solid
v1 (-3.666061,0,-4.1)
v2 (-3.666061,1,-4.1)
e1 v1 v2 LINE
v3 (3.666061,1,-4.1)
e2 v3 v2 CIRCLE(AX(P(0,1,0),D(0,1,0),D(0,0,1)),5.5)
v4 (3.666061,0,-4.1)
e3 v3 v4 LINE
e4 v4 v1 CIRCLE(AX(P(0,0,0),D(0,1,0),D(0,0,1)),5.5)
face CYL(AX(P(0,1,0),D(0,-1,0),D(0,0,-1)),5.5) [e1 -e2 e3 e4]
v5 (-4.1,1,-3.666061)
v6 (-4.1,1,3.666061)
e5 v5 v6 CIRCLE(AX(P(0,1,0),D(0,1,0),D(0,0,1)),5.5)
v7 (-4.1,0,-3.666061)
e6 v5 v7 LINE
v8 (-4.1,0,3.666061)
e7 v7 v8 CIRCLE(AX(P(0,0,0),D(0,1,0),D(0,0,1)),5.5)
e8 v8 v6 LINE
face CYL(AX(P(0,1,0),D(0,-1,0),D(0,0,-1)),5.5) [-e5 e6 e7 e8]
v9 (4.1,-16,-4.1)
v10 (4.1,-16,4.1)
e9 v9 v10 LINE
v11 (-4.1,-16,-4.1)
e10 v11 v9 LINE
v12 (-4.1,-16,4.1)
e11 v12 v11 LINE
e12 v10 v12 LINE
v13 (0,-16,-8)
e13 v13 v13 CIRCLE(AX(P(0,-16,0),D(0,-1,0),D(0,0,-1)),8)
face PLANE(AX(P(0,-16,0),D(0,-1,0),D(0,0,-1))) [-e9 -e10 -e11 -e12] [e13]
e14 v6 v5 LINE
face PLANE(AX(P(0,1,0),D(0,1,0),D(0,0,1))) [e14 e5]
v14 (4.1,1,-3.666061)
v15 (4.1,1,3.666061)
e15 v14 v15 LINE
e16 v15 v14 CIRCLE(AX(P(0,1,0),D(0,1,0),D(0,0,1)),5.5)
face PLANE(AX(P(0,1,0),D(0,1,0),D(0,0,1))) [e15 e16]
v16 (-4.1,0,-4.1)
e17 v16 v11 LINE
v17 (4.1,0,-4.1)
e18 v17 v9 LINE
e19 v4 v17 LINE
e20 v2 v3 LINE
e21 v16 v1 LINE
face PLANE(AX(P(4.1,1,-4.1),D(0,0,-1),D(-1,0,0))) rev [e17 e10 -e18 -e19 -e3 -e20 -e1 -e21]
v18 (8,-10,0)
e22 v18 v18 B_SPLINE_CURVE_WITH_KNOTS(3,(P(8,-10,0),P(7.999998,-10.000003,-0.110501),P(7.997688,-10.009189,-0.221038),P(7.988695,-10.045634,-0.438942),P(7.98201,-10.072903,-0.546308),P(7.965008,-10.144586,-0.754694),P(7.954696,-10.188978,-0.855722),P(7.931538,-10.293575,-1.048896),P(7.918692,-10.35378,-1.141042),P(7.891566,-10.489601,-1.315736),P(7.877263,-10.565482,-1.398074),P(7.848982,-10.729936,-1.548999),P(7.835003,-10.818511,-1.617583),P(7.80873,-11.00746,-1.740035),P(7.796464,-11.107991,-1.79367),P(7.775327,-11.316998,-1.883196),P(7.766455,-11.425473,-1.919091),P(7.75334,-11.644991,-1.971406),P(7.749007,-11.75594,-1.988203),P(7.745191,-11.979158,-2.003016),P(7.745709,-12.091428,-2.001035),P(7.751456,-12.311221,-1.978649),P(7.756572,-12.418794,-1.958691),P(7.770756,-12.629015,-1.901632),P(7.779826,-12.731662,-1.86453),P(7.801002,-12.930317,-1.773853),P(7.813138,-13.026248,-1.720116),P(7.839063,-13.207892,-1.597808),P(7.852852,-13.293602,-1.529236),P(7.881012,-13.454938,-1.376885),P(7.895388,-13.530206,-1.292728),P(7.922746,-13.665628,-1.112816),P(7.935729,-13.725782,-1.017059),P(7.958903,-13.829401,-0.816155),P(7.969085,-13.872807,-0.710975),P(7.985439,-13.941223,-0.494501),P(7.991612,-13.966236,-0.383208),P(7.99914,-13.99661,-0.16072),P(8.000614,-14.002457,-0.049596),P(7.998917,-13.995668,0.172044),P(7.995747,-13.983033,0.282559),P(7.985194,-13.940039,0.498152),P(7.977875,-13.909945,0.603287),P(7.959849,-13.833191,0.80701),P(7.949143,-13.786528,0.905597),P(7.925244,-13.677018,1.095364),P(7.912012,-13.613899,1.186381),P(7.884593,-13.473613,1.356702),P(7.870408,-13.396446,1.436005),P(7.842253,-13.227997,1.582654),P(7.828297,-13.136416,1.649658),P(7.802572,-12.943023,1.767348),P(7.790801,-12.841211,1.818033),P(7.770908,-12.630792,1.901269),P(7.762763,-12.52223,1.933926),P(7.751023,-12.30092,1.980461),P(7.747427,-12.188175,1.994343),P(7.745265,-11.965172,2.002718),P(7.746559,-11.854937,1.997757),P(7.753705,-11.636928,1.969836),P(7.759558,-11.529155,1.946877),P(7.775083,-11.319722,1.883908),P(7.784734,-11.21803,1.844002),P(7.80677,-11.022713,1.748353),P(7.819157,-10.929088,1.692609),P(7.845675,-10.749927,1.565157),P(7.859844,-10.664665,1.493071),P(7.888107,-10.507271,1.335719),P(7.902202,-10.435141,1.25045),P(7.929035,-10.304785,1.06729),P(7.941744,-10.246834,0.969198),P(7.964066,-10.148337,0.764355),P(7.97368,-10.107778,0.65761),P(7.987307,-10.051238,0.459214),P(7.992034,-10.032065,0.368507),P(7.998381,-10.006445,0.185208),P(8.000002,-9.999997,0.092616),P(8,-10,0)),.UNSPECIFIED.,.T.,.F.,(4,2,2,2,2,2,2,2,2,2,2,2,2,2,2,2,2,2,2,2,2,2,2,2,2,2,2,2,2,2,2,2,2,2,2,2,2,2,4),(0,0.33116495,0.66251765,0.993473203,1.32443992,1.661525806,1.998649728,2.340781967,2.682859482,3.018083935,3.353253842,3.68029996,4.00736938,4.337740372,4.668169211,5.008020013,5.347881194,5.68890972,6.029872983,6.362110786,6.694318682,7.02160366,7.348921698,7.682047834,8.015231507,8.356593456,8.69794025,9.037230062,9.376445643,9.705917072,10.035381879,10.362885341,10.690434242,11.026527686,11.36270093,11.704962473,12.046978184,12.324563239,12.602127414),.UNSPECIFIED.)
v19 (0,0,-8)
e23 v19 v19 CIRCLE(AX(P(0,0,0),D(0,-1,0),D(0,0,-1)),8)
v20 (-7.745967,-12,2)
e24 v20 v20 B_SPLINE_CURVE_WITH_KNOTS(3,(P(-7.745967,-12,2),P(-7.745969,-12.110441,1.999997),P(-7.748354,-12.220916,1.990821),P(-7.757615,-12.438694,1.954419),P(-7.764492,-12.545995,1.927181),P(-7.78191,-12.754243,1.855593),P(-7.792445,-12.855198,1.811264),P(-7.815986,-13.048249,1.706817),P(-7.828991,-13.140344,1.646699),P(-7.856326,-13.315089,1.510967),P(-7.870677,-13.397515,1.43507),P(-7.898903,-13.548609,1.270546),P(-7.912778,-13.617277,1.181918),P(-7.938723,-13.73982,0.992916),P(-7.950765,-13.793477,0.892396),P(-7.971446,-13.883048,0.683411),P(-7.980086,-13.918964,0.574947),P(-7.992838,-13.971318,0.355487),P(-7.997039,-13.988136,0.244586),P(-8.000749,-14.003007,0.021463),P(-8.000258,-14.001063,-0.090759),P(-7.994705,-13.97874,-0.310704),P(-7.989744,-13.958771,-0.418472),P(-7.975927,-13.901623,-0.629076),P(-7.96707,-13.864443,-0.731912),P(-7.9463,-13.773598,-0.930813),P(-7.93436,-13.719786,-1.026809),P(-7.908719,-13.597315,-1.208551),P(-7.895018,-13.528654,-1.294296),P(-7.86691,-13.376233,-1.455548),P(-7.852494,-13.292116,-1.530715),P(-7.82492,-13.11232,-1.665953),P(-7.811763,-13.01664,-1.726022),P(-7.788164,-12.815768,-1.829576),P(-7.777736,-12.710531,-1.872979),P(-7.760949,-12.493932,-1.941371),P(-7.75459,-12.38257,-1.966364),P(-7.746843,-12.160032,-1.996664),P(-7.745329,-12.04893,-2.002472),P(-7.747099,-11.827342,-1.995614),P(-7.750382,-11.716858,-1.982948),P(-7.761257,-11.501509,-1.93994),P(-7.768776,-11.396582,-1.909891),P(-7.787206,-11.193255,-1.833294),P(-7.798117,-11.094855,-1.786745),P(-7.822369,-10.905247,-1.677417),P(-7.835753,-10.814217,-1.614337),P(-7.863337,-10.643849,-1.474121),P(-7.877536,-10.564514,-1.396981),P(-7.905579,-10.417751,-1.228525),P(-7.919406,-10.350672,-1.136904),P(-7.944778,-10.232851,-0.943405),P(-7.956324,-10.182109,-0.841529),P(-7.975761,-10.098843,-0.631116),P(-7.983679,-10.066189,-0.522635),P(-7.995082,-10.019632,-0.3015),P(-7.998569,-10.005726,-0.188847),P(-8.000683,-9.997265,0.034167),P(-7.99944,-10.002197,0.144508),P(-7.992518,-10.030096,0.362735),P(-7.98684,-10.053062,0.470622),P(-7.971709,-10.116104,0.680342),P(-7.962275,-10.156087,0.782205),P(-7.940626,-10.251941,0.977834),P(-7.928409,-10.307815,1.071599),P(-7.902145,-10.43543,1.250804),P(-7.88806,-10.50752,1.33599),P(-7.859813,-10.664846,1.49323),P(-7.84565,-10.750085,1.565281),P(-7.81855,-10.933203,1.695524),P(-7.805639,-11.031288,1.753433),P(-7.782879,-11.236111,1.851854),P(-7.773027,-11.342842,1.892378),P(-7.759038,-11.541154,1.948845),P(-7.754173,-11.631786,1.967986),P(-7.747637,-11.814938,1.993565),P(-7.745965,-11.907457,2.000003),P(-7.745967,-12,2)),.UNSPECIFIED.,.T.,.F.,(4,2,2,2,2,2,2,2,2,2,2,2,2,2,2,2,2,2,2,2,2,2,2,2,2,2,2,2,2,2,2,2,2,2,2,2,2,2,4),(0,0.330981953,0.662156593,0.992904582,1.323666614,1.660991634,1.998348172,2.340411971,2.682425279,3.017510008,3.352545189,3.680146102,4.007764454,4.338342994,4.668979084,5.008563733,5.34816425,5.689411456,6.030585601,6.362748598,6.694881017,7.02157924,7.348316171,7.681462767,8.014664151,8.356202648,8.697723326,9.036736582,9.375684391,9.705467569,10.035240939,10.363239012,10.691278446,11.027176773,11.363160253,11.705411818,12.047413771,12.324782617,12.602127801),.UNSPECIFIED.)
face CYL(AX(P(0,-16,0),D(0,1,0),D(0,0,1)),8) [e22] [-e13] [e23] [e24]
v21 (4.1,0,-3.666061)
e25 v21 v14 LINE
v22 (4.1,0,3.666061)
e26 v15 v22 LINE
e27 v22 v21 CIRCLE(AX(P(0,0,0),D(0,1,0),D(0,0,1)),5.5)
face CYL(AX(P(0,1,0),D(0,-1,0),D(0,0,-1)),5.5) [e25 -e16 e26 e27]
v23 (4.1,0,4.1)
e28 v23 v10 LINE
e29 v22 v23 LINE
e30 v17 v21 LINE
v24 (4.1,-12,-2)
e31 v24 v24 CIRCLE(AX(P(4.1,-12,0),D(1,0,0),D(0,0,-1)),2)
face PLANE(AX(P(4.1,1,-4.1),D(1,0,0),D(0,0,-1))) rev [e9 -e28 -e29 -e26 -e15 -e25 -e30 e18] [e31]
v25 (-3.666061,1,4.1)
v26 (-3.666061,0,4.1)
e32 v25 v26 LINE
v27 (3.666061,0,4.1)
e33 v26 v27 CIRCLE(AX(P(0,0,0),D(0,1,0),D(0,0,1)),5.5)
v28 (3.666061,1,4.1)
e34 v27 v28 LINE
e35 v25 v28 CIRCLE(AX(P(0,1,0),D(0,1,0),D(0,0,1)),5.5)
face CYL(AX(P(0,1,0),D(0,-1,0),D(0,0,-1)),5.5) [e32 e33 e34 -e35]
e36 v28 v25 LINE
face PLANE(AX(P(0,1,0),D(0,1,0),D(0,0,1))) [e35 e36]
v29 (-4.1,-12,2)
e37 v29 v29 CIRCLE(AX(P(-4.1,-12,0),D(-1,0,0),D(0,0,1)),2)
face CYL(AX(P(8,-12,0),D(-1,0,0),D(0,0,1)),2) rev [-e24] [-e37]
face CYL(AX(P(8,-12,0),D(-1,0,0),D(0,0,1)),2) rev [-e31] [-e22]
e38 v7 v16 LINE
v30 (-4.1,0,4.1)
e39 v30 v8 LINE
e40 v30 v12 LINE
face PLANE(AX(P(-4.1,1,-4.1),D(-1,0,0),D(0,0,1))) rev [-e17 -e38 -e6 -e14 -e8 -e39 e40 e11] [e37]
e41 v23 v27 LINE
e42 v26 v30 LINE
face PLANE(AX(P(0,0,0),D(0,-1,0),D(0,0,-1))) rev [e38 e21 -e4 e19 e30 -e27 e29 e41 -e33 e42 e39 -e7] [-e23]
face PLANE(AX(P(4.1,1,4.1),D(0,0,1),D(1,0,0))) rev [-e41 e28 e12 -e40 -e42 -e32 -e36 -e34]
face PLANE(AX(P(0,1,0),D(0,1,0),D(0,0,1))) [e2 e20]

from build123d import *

# Parameters (mm, degrees)
SKETCH1_R           = 5.5
BOSS_EXTRUDE1_DEPTH = 1
SKETCH2_R           = 8
BOSS_EXTRUDE2_DEPTH = 16
SKETCH3_W           = 8.2
SKETCH3_H           = 8.2
CUT_EXTRUDE1_DEPTH  = 21.420577857
SKETCH4_R           = 2
CUT_EXTRUDE2_DEPTH  = 25


with BuildPart() as part:
    # Sketch1 → Boss-Extrude1 (new body)
    with BuildSketch(Plane(origin=(0, 0, 0), x_dir=(1, 0, 0), z_dir=(0, 1, 0))):
        with Locations(Location((0, 0, 0), (0, 0, 270))):
            Circle(SKETCH1_R)
    extrude(amount=BOSS_EXTRUDE1_DEPTH)

    # Sketch2 → Boss-Extrude2 (add)
    with BuildSketch(Plane(origin=(0, 0, 0), x_dir=(-1, 0, 0), z_dir=(0, -1, 0))):
        with Locations(Location((0, 0, 0), (0, 0, 90))):
            Circle(SKETCH2_R)
    extrude(amount=BOSS_EXTRUDE2_DEPTH)

    # Sketch3 → Cut-Extrude1 (cut, through all)
    with BuildSketch(Plane.XZ.offset(16)):
        Rectangle(SKETCH3_W, SKETCH3_H)
    extrude(amount=-CUT_EXTRUDE1_DEPTH, mode=Mode.SUBTRACT)

    # Sketch4 → Cut-Extrude2 (cut, through all)
    with BuildSketch(Plane.ZY.offset(8)):
        with Locations(Location((0, -12, 0), (0, 0, 90))):
            Circle(SKETCH4_R)
    extrude(amount=-CUT_EXTRUDE2_DEPTH, mode=Mode.SUBTRACT)


solid = part.part
